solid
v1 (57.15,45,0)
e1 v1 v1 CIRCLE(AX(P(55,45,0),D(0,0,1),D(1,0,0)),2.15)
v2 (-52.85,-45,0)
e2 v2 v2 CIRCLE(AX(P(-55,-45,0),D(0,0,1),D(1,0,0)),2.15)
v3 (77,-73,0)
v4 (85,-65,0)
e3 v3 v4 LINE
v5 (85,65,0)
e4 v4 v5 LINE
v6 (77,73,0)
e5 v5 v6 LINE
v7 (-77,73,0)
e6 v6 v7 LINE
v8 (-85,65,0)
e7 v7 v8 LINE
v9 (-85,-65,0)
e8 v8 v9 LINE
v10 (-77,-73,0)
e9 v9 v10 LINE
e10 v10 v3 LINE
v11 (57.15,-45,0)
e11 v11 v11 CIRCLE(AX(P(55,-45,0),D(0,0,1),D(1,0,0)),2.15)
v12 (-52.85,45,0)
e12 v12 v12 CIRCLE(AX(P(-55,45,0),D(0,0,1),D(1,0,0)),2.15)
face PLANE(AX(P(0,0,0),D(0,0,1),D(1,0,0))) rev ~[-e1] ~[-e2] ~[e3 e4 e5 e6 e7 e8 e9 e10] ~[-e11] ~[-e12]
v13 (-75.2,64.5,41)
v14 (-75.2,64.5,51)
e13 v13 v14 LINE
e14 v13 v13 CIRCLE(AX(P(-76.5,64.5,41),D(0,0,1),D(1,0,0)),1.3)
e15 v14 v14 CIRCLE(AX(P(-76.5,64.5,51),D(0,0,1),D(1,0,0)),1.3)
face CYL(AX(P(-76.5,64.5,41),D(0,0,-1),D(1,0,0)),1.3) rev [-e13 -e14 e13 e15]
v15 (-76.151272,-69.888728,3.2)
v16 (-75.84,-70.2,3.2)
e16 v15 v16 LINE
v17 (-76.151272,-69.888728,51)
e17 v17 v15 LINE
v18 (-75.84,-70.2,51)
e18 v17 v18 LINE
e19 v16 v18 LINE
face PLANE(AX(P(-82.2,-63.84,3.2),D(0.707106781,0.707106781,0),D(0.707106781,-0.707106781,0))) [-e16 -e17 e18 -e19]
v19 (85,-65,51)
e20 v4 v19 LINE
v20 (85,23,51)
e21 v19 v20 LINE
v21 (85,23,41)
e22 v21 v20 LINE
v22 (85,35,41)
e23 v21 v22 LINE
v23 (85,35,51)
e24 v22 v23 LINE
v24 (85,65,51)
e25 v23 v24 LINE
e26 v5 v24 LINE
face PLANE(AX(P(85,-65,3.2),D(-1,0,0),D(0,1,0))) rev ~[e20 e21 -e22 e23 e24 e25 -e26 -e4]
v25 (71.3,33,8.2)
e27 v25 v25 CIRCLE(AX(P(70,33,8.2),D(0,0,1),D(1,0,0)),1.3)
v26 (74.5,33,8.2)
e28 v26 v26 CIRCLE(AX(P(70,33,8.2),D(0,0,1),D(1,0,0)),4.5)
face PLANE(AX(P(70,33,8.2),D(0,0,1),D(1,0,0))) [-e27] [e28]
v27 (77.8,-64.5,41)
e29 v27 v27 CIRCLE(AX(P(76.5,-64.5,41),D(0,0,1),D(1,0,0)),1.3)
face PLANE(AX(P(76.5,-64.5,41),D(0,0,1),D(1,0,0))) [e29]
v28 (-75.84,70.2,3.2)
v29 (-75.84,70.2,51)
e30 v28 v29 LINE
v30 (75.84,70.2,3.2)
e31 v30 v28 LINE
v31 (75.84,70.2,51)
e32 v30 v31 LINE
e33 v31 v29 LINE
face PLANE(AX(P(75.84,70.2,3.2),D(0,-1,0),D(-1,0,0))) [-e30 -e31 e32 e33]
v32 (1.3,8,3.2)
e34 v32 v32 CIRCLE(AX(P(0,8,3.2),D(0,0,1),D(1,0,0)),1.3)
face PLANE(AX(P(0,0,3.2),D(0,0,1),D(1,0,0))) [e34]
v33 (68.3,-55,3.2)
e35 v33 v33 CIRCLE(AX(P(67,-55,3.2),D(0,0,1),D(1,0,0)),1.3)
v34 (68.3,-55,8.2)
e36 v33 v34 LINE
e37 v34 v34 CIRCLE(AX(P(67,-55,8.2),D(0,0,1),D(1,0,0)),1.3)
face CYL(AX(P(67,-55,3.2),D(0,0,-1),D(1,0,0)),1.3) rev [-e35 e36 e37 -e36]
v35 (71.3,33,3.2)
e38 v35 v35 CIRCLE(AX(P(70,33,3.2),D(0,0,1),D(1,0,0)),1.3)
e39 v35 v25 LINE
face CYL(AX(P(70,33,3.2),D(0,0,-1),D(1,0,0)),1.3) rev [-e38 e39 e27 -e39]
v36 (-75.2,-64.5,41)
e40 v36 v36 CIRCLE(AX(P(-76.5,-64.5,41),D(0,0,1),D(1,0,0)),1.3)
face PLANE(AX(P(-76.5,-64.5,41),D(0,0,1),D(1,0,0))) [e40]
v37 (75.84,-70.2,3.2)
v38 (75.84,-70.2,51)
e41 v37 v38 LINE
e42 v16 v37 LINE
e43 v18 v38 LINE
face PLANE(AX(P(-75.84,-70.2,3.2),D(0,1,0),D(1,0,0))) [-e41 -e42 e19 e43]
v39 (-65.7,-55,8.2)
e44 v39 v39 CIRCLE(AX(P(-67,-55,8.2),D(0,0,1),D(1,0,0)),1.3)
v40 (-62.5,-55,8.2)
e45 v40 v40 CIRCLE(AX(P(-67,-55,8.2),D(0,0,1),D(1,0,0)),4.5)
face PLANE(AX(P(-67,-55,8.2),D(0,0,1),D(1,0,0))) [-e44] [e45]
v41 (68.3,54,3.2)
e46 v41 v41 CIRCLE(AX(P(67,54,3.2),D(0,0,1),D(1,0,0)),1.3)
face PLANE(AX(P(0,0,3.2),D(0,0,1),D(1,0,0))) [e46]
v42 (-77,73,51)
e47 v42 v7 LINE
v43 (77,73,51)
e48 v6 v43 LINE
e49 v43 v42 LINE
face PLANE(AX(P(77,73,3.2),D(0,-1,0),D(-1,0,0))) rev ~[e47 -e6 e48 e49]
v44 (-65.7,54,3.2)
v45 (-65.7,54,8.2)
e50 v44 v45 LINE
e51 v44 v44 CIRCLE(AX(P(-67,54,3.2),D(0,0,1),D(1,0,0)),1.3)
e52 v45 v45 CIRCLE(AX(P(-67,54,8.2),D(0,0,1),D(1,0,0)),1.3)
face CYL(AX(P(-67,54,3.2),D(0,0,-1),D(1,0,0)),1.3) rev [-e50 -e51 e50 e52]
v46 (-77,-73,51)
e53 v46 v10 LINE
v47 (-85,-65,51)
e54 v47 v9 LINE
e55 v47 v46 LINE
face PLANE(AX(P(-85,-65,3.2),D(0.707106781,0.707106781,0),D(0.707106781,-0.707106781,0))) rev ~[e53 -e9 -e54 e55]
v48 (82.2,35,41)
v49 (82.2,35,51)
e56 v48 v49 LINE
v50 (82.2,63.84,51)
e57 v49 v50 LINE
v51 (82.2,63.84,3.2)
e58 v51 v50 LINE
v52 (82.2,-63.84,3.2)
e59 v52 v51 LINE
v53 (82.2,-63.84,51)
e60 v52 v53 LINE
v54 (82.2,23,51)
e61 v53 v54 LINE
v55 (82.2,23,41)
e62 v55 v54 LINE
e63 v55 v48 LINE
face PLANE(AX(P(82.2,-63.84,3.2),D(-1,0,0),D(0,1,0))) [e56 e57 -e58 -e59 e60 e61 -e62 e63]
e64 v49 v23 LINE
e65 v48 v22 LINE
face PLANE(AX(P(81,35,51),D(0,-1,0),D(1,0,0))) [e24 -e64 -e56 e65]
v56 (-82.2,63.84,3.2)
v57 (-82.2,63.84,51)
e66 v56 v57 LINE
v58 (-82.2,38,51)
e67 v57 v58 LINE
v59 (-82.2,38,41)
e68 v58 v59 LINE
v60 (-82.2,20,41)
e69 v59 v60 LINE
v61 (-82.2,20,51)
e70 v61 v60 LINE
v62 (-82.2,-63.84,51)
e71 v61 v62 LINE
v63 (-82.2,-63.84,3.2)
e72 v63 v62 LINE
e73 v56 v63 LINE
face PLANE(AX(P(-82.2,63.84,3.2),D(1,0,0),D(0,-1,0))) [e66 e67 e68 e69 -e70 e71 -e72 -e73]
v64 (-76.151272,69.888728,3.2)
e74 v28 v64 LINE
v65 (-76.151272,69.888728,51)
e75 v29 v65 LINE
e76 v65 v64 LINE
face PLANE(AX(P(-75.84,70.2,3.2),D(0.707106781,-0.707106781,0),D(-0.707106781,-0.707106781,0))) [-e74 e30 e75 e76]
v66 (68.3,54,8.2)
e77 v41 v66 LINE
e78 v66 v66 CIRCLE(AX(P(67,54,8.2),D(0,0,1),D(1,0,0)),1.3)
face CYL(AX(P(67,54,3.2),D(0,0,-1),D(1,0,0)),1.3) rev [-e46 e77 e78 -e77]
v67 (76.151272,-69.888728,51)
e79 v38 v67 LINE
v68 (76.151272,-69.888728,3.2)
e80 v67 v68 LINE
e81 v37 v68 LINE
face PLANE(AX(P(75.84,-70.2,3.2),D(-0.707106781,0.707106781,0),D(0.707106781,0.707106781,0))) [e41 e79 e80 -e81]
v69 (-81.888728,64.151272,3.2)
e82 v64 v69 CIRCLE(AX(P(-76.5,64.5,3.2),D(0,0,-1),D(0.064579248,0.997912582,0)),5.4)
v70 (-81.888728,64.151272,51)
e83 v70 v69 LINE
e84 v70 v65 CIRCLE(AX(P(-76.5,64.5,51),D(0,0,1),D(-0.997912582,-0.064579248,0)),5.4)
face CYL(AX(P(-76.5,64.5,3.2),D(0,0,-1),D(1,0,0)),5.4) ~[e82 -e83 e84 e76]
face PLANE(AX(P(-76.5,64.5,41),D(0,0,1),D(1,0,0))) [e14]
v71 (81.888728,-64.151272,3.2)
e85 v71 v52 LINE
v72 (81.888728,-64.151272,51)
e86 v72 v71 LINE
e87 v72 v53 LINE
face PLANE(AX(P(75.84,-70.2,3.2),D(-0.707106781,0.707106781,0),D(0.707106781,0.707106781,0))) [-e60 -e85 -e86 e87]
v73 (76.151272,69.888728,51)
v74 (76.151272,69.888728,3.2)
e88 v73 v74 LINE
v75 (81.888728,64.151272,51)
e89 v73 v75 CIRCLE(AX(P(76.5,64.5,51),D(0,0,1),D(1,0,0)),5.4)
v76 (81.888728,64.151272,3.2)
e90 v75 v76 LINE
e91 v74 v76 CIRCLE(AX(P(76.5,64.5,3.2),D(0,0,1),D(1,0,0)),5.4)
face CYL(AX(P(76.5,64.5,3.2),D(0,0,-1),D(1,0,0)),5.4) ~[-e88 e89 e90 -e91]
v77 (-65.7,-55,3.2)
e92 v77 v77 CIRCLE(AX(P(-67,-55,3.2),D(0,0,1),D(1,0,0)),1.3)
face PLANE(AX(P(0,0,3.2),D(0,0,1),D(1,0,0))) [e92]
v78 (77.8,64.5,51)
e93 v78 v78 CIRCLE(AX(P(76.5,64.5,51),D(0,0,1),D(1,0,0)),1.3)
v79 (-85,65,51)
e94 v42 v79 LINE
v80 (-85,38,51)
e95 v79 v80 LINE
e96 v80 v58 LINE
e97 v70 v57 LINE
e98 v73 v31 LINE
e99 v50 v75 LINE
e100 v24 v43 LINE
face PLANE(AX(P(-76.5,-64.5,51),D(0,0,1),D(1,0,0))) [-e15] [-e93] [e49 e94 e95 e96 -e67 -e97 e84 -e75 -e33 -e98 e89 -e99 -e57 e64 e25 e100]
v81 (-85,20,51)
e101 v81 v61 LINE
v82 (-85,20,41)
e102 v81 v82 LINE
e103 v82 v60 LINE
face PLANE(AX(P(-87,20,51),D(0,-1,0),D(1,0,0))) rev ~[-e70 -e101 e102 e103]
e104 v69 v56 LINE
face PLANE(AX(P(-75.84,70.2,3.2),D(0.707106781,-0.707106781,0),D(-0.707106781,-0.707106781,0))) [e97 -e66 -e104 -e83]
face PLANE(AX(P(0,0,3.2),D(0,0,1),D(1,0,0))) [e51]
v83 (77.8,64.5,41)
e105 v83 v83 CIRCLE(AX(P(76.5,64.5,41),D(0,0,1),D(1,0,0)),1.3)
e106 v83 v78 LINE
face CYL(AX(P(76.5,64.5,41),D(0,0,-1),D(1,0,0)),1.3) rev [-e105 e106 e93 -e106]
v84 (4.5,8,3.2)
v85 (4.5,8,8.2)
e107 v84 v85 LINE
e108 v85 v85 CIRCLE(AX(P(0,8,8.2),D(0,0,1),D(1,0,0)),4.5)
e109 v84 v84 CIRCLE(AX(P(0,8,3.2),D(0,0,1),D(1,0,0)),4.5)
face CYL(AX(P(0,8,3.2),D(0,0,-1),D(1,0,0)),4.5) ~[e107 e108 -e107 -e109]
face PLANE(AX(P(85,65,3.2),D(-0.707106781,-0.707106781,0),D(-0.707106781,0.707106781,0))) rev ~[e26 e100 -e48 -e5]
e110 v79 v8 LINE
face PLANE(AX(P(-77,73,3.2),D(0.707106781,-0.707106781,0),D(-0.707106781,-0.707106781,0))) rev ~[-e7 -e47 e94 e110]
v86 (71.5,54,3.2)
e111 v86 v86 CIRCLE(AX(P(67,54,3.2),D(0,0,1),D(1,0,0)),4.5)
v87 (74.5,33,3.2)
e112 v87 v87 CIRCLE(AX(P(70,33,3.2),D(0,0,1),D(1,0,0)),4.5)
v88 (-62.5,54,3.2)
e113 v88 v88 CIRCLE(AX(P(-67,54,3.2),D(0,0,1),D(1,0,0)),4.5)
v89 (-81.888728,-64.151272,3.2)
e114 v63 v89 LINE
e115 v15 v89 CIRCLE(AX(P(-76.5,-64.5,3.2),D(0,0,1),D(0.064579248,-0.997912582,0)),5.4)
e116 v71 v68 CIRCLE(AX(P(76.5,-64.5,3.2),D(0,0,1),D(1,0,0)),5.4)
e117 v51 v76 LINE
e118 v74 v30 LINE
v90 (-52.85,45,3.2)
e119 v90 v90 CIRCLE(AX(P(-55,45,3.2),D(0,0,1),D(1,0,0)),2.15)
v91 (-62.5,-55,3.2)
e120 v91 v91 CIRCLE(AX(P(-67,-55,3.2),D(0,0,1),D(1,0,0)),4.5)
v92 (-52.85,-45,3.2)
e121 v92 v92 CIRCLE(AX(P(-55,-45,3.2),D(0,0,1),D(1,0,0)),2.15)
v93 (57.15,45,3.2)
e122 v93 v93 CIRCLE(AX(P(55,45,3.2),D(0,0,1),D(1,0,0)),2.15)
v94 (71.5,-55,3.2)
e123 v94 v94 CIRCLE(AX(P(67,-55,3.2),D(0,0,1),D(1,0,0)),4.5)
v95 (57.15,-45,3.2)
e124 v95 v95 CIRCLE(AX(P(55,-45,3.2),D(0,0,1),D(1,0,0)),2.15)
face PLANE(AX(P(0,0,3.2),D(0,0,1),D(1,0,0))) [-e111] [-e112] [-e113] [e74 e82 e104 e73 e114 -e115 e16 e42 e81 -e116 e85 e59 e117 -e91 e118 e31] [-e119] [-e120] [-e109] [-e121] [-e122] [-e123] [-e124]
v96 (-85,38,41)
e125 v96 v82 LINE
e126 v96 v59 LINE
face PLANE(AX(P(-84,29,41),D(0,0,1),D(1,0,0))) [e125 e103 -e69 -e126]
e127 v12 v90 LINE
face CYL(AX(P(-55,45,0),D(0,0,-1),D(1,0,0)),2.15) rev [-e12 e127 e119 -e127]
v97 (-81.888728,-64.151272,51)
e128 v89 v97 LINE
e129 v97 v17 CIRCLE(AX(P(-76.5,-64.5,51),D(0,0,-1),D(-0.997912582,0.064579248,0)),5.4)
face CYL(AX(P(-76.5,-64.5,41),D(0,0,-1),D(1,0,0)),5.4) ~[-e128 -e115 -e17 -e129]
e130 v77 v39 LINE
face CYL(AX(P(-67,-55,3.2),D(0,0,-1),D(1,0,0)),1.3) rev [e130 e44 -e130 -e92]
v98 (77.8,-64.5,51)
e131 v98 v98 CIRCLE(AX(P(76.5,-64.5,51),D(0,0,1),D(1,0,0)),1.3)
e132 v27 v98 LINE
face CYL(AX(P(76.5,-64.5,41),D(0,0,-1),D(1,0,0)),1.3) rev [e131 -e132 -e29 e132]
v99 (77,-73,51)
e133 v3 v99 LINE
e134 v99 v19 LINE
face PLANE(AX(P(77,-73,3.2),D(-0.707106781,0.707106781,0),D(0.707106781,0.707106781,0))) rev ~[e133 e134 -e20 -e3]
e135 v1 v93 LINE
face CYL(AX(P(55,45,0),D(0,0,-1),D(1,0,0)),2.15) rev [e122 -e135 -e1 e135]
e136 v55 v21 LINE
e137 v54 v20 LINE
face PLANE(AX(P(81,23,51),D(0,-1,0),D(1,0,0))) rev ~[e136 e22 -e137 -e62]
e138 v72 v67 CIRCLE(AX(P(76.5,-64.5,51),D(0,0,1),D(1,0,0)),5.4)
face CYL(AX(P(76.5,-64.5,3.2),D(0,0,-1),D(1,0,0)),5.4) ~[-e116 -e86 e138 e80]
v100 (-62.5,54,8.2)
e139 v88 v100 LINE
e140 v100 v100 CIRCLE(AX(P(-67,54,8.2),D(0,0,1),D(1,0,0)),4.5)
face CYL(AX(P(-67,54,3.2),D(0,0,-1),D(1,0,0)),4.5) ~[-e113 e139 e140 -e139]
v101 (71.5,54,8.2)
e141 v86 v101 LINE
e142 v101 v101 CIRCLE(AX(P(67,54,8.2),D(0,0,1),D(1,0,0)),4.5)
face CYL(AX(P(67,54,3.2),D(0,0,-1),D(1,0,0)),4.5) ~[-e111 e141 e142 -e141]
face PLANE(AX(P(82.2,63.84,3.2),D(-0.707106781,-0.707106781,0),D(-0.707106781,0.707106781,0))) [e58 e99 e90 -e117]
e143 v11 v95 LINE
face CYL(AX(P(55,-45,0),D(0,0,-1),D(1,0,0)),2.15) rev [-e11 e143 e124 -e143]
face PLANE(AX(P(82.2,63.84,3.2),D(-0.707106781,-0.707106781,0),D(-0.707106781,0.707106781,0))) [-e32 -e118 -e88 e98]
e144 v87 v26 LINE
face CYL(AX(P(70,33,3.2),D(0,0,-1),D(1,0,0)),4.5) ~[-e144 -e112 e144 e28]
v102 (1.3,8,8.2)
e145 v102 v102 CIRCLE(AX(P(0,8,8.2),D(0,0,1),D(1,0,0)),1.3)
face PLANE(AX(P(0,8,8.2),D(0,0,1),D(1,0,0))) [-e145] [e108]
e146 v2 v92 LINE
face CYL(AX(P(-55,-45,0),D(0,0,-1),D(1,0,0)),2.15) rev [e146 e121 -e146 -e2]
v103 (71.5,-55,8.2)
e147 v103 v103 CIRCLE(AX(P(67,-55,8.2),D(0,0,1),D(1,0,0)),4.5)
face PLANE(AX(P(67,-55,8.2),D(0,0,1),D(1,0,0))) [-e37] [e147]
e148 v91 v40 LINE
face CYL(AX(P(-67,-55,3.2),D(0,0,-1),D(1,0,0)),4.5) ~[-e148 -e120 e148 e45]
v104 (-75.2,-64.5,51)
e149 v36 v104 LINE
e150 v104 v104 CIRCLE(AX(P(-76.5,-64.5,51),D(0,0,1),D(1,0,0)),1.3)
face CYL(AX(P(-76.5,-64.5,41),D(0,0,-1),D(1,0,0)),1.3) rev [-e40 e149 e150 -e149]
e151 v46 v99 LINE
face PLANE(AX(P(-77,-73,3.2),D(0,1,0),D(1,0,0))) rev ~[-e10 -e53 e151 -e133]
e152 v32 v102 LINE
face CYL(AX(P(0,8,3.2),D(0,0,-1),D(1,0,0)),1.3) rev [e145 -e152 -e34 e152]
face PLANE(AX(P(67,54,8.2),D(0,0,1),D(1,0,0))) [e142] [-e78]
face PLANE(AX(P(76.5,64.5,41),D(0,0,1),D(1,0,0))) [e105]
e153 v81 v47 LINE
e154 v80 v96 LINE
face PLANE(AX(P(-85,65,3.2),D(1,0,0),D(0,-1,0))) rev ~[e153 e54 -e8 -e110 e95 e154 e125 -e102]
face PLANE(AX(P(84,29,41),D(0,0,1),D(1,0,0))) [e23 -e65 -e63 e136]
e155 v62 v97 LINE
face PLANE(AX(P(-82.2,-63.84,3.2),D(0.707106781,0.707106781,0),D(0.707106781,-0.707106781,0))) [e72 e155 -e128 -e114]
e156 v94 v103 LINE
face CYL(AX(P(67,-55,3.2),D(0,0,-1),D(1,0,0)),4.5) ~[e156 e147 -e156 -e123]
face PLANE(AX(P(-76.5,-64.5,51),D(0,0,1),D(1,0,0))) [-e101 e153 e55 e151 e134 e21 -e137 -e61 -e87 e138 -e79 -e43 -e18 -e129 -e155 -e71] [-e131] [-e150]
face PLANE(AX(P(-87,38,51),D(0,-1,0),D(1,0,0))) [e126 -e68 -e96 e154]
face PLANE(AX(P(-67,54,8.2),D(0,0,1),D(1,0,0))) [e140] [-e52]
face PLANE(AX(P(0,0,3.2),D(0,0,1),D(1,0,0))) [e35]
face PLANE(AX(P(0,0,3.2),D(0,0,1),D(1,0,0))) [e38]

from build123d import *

# Parameters (mm, degrees)
FLOOR_3_2_FOUR_CASE_MOUNTING_HOLES_2_R      = 2.15
FLOOR_3_2_FOUR_CASE_MOUNTING_HOLES_D4_DEPTH = 3.2
PERIMETER_START                             = 3.2
PERIMETER_WALL_2_8_DEPTH                    = 47.8
LID_START                                   = 3.2
LID_POST_CORES_PROFILE_R                    = 5.4
LID_POST_CORES_DEPTH                        = 37.8
LID_START_2                                 = 41
LID_POST_TIPS_D2_6_PILOT_X_10_PROFILE_R     = 5.4
LID_POST_TIPS_D2_6_PILOT_X_10_PROFILE_R_2   = 1.3
LID_POST_TIPS_D2_6_PILOT_X_10_DEPTH         = 10
TRAY_START                                  = 3.2
TRAY_SUPPORTS_D2_6_PILOT_X_5_PROFILE_R      = 4.5
TRAY_SUPPORTS_D2_6_PILOT_X_5_PROFILE_R_2    = 1.3
TRAY_SUPPORTS_D2_6_PILOT_X_5_DEPTH          = 5
CABLE_START                                 = 51
CABLE_EXITS_18_X_10_AND_12_X_10_PROFILE_W   = 6
CABLE_EXITS_18_X_10_AND_12_X_10_PROFILE_H   = 18
CABLE_EXITS_18_X_10_AND_12_X_10_PROFILE_H_2 = 12
CABLE_EXITS_18_X_10_AND_12_X_10_DEPTH       = 10


with BuildPart() as part:
    # Floor 3.2 - four case mounting holes 2 → Floor 3.2 - four case mounting holes D4 (new body)
    with BuildSketch(Plane.XY):
        Polygon((-77, -73), (77, -73), (85, -65), (85, 65), (77, 73), (-77, 73), (-85, 65), (-85, -65), align=None)
        with Locations((-55, -45)):
            Circle(FLOOR_3_2_FOUR_CASE_MOUNTING_HOLES_2_R, mode=Mode.SUBTRACT)
        with Locations((-55, 45)):
            Circle(FLOOR_3_2_FOUR_CASE_MOUNTING_HOLES_2_R, mode=Mode.SUBTRACT)
        with Locations((55, -45)):
            Circle(FLOOR_3_2_FOUR_CASE_MOUNTING_HOLES_2_R, mode=Mode.SUBTRACT)
        with Locations((55, 45)):
            Circle(FLOOR_3_2_FOUR_CASE_MOUNTING_HOLES_2_R, mode=Mode.SUBTRACT)
    extrude(amount=FLOOR_3_2_FOUR_CASE_MOUNTING_HOLES_D4_DEPTH)

    # Perimeter wall 2.8 profile → Perimeter wall 2.8 (add)
    with BuildSketch(Plane.XY.offset(PERIMETER_START)):
        Polygon((-77, -73), (77, -73), (85, -65), (85, 65), (77, 73), (-77, 73), (-85, 65), (-85, -65), align=None)
        Polygon((-75.84, -70.2), (75.84, -70.2), (82.2, -63.84), (82.2, 63.84), (75.84, 70.2), (-75.84, 70.2), (-82.2, 63.84), (-82.2, -63.84), align=None, mode=Mode.SUBTRACT)
    extrude(amount=PERIMETER_WALL_2_8_DEPTH)

    # Lid post cores profile → Lid post cores (add)
    with BuildSketch(Plane.XY.offset(LID_START)):
        with Locations((-76.5, -64.5)):
            Circle(LID_POST_CORES_PROFILE_R)
        with Locations((-76.5, 64.5)):
            Circle(LID_POST_CORES_PROFILE_R)
        with Locations((76.5, -64.5)):
            Circle(LID_POST_CORES_PROFILE_R)
        with Locations((76.5, 64.5)):
            Circle(LID_POST_CORES_PROFILE_R)
    extrude(amount=LID_POST_CORES_DEPTH)

    # Lid post tips - D2.6 pilot x 10 profile → Lid post tips - D2.6 pilot x 10 (add)
    # profile 1 of 4: a face of its own
    with BuildSketch(Plane.XY.offset(LID_START_2)):
        with Locations((-76.5, -64.5)):
            Circle(LID_POST_TIPS_D2_6_PILOT_X_10_PROFILE_R)
        with Locations((-76.5, -64.5)):
            Circle(LID_POST_TIPS_D2_6_PILOT_X_10_PROFILE_R_2, mode=Mode.SUBTRACT)
    # profile 2 of 4: a face of its own
    with BuildSketch(Plane.XY.offset(LID_START_2)):
        with Locations((-76.5, 64.5)):
            Circle(LID_POST_TIPS_D2_6_PILOT_X_10_PROFILE_R)
        with Locations((-76.5, 64.5)):
            Circle(LID_POST_TIPS_D2_6_PILOT_X_10_PROFILE_R_2, mode=Mode.SUBTRACT)
    # profile 3 of 4: a face of its own
    with BuildSketch(Plane.XY.offset(LID_START_2)):
        with Locations((76.5, -64.5)):
            Circle(LID_POST_TIPS_D2_6_PILOT_X_10_PROFILE_R)
        with Locations((76.5, -64.5)):
            Circle(LID_POST_TIPS_D2_6_PILOT_X_10_PROFILE_R_2, mode=Mode.SUBTRACT)
    # profile 4 of 4: a face of its own
    with BuildSketch(Plane.XY.offset(LID_START_2)):
        with Locations((76.5, 64.5)):
            Circle(LID_POST_TIPS_D2_6_PILOT_X_10_PROFILE_R)
        with Locations((76.5, 64.5)):
            Circle(LID_POST_TIPS_D2_6_PILOT_X_10_PROFILE_R_2, mode=Mode.SUBTRACT)
    extrude(amount=LID_POST_TIPS_D2_6_PILOT_X_10_DEPTH)

    # Tray supports - D2.6 pilot x 5 profile → Tray supports - D2.6 pilot x 5 (add)
    # profile 1 of 6: a face of its own
    with BuildSketch(Plane.XY.offset(TRAY_START)):
        with Locations((-67, -55)):
            Circle(TRAY_SUPPORTS_D2_6_PILOT_X_5_PROFILE_R)
        with Locations((-67, -55)):
            Circle(TRAY_SUPPORTS_D2_6_PILOT_X_5_PROFILE_R_2, mode=Mode.SUBTRACT)
    # profile 2 of 6: a face of its own
    with BuildSketch(Plane.XY.offset(TRAY_START)):
        with Locations((-67, 54)):
            Circle(TRAY_SUPPORTS_D2_6_PILOT_X_5_PROFILE_R)
        with Locations((-67, 54)):
            Circle(TRAY_SUPPORTS_D2_6_PILOT_X_5_PROFILE_R_2, mode=Mode.SUBTRACT)
    # profile 3 of 6: a face of its own
    with BuildSketch(Plane.XY.offset(TRAY_START)):
        with Locations((67, -55)):
            Circle(TRAY_SUPPORTS_D2_6_PILOT_X_5_PROFILE_R)
        with Locations((67, -55)):
            Circle(TRAY_SUPPORTS_D2_6_PILOT_X_5_PROFILE_R_2, mode=Mode.SUBTRACT)
    # profile 4 of 6: a face of its own
    with BuildSketch(Plane.XY.offset(TRAY_START)):
        with Locations((67, 54)):
            Circle(TRAY_SUPPORTS_D2_6_PILOT_X_5_PROFILE_R)
        with Locations((67, 54)):
            Circle(TRAY_SUPPORTS_D2_6_PILOT_X_5_PROFILE_R_2, mode=Mode.SUBTRACT)
    # profile 5 of 6: a face of its own
    with BuildSketch(Plane.XY.offset(TRAY_START)):
        with Locations((0, 8)):
            Circle(TRAY_SUPPORTS_D2_6_PILOT_X_5_PROFILE_R)
        with Locations((0, 8)):
            Circle(TRAY_SUPPORTS_D2_6_PILOT_X_5_PROFILE_R_2, mode=Mode.SUBTRACT)
    # profile 6 of 6: a face of its own
    with BuildSketch(Plane.XY.offset(TRAY_START)):
        with Locations((70, 33)):
            Circle(TRAY_SUPPORTS_D2_6_PILOT_X_5_PROFILE_R)
        with Locations((70, 33)):
            Circle(TRAY_SUPPORTS_D2_6_PILOT_X_5_PROFILE_R_2, mode=Mode.SUBTRACT)
    extrude(amount=TRAY_SUPPORTS_D2_6_PILOT_X_5_DEPTH)

    # Cable exits 18 x 10 and 12 x 10 profile → Cable exits 18 x 10 and 12 x 10 (cut)
    with BuildSketch(Plane.XY.offset(CABLE_START)):
        with Locations((-84, 29)):
            Rectangle(CABLE_EXITS_18_X_10_AND_12_X_10_PROFILE_W, CABLE_EXITS_18_X_10_AND_12_X_10_PROFILE_H)
        with Locations((84, 29)):
            Rectangle(CABLE_EXITS_18_X_10_AND_12_X_10_PROFILE_W, CABLE_EXITS_18_X_10_AND_12_X_10_PROFILE_H_2)
    extrude(amount=-CABLE_EXITS_18_X_10_AND_12_X_10_DEPTH, mode=Mode.SUBTRACT)


solid = part.part
